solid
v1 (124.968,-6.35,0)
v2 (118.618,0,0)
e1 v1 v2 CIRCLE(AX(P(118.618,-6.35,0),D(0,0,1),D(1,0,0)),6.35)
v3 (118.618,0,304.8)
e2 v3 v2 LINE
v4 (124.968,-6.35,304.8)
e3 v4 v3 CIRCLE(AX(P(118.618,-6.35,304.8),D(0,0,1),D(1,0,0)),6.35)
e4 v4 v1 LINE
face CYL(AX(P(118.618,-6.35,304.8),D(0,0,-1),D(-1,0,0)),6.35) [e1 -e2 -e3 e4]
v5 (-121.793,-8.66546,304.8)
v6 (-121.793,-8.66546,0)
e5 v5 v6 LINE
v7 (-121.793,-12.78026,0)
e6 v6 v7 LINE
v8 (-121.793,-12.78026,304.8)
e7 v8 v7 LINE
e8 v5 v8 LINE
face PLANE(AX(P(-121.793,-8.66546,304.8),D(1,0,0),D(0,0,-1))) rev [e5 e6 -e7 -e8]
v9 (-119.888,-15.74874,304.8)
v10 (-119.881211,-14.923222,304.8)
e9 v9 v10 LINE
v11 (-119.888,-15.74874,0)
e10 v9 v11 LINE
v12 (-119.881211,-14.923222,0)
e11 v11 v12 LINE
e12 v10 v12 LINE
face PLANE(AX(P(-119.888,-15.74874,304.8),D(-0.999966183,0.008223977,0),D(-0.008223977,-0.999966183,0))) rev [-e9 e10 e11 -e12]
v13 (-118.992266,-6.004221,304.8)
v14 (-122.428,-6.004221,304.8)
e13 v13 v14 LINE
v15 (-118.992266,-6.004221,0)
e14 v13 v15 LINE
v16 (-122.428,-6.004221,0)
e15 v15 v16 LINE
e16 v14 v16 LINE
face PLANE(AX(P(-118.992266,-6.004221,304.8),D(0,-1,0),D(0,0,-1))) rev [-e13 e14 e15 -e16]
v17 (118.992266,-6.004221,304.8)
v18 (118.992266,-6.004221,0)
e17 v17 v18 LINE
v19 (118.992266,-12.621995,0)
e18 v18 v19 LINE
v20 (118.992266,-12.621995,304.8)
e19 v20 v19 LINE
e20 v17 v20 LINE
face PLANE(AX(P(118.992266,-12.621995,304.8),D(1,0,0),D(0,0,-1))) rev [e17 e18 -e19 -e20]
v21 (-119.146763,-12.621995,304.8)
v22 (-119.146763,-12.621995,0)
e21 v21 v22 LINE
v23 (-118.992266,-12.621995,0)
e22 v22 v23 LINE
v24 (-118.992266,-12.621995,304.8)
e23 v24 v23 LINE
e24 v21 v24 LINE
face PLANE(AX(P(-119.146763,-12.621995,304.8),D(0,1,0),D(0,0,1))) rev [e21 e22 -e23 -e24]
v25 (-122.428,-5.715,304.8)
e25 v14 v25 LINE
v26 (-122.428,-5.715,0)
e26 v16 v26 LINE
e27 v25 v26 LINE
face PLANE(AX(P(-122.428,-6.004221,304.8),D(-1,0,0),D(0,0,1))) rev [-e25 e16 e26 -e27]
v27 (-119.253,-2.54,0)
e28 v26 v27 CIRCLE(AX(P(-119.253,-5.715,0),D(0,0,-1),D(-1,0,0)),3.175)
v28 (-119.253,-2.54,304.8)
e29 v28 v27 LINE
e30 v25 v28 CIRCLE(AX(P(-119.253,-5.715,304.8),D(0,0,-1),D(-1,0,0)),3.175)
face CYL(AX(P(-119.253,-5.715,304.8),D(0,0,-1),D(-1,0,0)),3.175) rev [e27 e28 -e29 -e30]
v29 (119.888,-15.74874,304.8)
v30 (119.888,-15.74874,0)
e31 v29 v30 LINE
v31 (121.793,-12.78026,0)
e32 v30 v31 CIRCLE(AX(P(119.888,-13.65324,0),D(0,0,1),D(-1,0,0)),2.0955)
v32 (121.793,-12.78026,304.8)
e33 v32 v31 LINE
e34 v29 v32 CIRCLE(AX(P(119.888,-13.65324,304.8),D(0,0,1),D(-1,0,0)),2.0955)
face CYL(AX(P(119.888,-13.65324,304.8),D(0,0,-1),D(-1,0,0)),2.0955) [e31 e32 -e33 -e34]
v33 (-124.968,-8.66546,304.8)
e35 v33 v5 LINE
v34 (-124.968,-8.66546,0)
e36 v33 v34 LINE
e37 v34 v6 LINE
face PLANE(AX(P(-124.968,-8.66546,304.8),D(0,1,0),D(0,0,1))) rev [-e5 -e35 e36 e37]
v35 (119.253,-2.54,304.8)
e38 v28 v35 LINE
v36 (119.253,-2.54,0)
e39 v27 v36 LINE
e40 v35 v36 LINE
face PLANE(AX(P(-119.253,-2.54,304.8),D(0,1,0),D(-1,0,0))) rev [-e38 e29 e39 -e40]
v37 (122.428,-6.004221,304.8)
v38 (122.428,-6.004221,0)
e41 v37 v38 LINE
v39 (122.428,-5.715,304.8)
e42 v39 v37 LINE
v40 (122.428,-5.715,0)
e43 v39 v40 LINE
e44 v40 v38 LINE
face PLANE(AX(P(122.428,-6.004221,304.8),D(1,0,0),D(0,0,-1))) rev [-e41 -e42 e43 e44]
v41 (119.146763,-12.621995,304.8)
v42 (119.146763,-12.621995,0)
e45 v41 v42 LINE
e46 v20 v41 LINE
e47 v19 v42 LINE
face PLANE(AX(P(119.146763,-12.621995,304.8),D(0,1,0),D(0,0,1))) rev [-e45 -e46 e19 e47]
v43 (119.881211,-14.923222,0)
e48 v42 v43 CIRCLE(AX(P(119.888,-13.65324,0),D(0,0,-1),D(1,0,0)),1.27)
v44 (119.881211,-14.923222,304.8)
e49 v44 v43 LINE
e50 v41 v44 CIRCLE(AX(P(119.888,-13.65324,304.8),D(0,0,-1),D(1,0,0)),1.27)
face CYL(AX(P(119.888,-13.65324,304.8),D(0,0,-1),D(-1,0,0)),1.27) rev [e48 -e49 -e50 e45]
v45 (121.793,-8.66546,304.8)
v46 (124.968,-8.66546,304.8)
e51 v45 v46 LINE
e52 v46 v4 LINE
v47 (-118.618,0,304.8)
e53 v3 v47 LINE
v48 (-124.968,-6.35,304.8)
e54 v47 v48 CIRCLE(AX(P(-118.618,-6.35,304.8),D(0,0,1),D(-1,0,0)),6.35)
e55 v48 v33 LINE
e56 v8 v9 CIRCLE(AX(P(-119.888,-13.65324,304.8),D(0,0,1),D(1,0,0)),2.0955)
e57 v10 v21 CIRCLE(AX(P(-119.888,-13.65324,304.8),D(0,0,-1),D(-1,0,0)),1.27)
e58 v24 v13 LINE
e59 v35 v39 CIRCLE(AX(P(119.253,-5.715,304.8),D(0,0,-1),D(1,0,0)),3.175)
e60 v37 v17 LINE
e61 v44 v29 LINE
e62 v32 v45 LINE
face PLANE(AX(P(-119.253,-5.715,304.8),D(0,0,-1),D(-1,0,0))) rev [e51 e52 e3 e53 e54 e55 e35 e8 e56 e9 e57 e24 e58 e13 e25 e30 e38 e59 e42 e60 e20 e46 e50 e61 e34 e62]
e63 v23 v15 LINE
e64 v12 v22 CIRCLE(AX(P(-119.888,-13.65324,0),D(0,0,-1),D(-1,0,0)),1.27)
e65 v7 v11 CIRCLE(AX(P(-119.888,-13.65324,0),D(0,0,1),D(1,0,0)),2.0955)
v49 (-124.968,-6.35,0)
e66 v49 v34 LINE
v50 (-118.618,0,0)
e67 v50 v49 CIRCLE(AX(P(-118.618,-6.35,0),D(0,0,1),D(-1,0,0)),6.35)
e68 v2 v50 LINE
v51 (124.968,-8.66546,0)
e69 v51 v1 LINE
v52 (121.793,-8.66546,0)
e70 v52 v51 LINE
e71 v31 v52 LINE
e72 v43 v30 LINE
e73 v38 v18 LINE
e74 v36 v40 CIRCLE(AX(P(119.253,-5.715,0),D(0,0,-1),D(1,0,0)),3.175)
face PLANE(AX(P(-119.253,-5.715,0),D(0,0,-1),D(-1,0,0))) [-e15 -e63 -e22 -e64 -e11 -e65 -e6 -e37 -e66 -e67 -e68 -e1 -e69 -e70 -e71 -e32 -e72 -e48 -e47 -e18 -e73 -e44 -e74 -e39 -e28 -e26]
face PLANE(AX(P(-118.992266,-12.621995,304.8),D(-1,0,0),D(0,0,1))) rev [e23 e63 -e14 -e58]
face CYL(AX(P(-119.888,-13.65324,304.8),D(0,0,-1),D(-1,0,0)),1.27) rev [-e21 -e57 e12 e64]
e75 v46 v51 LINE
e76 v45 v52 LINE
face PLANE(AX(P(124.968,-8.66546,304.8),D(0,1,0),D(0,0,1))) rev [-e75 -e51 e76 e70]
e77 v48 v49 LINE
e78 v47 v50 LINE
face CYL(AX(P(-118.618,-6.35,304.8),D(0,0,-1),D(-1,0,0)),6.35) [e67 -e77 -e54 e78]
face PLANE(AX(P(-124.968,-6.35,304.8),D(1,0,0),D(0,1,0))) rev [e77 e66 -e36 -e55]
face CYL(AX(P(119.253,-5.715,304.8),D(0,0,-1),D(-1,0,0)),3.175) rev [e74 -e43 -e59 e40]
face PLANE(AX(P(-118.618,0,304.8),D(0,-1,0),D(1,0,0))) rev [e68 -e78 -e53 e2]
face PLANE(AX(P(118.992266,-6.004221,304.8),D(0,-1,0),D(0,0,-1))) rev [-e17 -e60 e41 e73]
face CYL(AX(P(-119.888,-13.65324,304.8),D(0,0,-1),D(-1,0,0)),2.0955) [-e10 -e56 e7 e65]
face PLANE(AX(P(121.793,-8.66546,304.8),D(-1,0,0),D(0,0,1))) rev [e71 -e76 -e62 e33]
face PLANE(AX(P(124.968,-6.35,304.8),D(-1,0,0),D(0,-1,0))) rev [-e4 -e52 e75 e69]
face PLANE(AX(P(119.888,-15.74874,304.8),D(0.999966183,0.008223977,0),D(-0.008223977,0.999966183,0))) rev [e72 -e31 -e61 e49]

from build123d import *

# Parameters (mm, degrees)
MAINBODY_DEPTH = 304.8


with BuildPart() as part:
    # Sketch2 → MainBody (new body)
    with BuildSketch(Plane.XY):
        with BuildLine():
            Line((-119.888, -15.748740175), (-119.881210728, -14.923222028))
            ThreePointArc((-119.881210728, -14.923222028), (-121.097875098, -13.267102575), (-119.146762684, -12.621994695))
            Line((-119.146762684, -12.621994695), (-118.992266474, -12.621994695))
            Line((-118.992266474, -12.621994695), (-118.992266474, -6.004220787))
            Line((-118.992266474, -6.004220787), (-122.428, -6.004220787))
            Line((-122.428, -6.004220787), (-122.428, -5.715))
            ThreePointArc((-122.428, -5.715), (-121.49806403, -3.46993597), (-119.253, -2.54))
            Line((-119.253, -2.54), (119.253, -2.54))
            ThreePointArc((119.253, -2.54), (121.49806403, -3.46993597), (122.428, -5.715))
            Line((122.428, -5.715), (122.428, -6.004220787))
            Line((122.428, -6.004220787), (118.992266474, -6.004220787))
            Line((118.992266474, -6.004220787), (118.992266474, -12.621994695))
            Line((118.992266474, -12.621994695), (119.146762684, -12.621994695))
            ThreePointArc((119.146762684, -12.621994695), (121.097875098, -13.267102575), (119.881210728, -14.923222028))
            Line((119.881210728, -14.923222028), (119.888, -15.748740175))
            ThreePointArc((119.888, -15.748740175), (121.651583177, -14.78500633), (121.793, -12.780259505))
            Line((121.793, -12.780259505), (121.793, -8.665459505))
            Line((121.793, -8.665459505), (124.968, -8.665459505))
            Line((124.968, -8.665459505), (124.968, -6.35))
            ThreePointArc((124.968, -6.35), (123.108128061, -1.859871939), (118.618, 0))
            Line((118.618, 0), (-118.618, 0))
            ThreePointArc((-118.618, 0), (-123.108128061, -1.859871939), (-124.968, -6.35))
            Line((-124.968, -6.35), (-124.968, -8.665459505))
            Line((-124.968, -8.665459505), (-121.793, -8.665459505))
            Line((-121.793, -8.665459505), (-121.793, -12.780259505))
            ThreePointArc((-121.793, -12.780259505), (-121.651583177, -14.78500633), (-119.888, -15.748740175))
        make_face()
    extrude(amount=MAINBODY_DEPTH)


solid = part.part
